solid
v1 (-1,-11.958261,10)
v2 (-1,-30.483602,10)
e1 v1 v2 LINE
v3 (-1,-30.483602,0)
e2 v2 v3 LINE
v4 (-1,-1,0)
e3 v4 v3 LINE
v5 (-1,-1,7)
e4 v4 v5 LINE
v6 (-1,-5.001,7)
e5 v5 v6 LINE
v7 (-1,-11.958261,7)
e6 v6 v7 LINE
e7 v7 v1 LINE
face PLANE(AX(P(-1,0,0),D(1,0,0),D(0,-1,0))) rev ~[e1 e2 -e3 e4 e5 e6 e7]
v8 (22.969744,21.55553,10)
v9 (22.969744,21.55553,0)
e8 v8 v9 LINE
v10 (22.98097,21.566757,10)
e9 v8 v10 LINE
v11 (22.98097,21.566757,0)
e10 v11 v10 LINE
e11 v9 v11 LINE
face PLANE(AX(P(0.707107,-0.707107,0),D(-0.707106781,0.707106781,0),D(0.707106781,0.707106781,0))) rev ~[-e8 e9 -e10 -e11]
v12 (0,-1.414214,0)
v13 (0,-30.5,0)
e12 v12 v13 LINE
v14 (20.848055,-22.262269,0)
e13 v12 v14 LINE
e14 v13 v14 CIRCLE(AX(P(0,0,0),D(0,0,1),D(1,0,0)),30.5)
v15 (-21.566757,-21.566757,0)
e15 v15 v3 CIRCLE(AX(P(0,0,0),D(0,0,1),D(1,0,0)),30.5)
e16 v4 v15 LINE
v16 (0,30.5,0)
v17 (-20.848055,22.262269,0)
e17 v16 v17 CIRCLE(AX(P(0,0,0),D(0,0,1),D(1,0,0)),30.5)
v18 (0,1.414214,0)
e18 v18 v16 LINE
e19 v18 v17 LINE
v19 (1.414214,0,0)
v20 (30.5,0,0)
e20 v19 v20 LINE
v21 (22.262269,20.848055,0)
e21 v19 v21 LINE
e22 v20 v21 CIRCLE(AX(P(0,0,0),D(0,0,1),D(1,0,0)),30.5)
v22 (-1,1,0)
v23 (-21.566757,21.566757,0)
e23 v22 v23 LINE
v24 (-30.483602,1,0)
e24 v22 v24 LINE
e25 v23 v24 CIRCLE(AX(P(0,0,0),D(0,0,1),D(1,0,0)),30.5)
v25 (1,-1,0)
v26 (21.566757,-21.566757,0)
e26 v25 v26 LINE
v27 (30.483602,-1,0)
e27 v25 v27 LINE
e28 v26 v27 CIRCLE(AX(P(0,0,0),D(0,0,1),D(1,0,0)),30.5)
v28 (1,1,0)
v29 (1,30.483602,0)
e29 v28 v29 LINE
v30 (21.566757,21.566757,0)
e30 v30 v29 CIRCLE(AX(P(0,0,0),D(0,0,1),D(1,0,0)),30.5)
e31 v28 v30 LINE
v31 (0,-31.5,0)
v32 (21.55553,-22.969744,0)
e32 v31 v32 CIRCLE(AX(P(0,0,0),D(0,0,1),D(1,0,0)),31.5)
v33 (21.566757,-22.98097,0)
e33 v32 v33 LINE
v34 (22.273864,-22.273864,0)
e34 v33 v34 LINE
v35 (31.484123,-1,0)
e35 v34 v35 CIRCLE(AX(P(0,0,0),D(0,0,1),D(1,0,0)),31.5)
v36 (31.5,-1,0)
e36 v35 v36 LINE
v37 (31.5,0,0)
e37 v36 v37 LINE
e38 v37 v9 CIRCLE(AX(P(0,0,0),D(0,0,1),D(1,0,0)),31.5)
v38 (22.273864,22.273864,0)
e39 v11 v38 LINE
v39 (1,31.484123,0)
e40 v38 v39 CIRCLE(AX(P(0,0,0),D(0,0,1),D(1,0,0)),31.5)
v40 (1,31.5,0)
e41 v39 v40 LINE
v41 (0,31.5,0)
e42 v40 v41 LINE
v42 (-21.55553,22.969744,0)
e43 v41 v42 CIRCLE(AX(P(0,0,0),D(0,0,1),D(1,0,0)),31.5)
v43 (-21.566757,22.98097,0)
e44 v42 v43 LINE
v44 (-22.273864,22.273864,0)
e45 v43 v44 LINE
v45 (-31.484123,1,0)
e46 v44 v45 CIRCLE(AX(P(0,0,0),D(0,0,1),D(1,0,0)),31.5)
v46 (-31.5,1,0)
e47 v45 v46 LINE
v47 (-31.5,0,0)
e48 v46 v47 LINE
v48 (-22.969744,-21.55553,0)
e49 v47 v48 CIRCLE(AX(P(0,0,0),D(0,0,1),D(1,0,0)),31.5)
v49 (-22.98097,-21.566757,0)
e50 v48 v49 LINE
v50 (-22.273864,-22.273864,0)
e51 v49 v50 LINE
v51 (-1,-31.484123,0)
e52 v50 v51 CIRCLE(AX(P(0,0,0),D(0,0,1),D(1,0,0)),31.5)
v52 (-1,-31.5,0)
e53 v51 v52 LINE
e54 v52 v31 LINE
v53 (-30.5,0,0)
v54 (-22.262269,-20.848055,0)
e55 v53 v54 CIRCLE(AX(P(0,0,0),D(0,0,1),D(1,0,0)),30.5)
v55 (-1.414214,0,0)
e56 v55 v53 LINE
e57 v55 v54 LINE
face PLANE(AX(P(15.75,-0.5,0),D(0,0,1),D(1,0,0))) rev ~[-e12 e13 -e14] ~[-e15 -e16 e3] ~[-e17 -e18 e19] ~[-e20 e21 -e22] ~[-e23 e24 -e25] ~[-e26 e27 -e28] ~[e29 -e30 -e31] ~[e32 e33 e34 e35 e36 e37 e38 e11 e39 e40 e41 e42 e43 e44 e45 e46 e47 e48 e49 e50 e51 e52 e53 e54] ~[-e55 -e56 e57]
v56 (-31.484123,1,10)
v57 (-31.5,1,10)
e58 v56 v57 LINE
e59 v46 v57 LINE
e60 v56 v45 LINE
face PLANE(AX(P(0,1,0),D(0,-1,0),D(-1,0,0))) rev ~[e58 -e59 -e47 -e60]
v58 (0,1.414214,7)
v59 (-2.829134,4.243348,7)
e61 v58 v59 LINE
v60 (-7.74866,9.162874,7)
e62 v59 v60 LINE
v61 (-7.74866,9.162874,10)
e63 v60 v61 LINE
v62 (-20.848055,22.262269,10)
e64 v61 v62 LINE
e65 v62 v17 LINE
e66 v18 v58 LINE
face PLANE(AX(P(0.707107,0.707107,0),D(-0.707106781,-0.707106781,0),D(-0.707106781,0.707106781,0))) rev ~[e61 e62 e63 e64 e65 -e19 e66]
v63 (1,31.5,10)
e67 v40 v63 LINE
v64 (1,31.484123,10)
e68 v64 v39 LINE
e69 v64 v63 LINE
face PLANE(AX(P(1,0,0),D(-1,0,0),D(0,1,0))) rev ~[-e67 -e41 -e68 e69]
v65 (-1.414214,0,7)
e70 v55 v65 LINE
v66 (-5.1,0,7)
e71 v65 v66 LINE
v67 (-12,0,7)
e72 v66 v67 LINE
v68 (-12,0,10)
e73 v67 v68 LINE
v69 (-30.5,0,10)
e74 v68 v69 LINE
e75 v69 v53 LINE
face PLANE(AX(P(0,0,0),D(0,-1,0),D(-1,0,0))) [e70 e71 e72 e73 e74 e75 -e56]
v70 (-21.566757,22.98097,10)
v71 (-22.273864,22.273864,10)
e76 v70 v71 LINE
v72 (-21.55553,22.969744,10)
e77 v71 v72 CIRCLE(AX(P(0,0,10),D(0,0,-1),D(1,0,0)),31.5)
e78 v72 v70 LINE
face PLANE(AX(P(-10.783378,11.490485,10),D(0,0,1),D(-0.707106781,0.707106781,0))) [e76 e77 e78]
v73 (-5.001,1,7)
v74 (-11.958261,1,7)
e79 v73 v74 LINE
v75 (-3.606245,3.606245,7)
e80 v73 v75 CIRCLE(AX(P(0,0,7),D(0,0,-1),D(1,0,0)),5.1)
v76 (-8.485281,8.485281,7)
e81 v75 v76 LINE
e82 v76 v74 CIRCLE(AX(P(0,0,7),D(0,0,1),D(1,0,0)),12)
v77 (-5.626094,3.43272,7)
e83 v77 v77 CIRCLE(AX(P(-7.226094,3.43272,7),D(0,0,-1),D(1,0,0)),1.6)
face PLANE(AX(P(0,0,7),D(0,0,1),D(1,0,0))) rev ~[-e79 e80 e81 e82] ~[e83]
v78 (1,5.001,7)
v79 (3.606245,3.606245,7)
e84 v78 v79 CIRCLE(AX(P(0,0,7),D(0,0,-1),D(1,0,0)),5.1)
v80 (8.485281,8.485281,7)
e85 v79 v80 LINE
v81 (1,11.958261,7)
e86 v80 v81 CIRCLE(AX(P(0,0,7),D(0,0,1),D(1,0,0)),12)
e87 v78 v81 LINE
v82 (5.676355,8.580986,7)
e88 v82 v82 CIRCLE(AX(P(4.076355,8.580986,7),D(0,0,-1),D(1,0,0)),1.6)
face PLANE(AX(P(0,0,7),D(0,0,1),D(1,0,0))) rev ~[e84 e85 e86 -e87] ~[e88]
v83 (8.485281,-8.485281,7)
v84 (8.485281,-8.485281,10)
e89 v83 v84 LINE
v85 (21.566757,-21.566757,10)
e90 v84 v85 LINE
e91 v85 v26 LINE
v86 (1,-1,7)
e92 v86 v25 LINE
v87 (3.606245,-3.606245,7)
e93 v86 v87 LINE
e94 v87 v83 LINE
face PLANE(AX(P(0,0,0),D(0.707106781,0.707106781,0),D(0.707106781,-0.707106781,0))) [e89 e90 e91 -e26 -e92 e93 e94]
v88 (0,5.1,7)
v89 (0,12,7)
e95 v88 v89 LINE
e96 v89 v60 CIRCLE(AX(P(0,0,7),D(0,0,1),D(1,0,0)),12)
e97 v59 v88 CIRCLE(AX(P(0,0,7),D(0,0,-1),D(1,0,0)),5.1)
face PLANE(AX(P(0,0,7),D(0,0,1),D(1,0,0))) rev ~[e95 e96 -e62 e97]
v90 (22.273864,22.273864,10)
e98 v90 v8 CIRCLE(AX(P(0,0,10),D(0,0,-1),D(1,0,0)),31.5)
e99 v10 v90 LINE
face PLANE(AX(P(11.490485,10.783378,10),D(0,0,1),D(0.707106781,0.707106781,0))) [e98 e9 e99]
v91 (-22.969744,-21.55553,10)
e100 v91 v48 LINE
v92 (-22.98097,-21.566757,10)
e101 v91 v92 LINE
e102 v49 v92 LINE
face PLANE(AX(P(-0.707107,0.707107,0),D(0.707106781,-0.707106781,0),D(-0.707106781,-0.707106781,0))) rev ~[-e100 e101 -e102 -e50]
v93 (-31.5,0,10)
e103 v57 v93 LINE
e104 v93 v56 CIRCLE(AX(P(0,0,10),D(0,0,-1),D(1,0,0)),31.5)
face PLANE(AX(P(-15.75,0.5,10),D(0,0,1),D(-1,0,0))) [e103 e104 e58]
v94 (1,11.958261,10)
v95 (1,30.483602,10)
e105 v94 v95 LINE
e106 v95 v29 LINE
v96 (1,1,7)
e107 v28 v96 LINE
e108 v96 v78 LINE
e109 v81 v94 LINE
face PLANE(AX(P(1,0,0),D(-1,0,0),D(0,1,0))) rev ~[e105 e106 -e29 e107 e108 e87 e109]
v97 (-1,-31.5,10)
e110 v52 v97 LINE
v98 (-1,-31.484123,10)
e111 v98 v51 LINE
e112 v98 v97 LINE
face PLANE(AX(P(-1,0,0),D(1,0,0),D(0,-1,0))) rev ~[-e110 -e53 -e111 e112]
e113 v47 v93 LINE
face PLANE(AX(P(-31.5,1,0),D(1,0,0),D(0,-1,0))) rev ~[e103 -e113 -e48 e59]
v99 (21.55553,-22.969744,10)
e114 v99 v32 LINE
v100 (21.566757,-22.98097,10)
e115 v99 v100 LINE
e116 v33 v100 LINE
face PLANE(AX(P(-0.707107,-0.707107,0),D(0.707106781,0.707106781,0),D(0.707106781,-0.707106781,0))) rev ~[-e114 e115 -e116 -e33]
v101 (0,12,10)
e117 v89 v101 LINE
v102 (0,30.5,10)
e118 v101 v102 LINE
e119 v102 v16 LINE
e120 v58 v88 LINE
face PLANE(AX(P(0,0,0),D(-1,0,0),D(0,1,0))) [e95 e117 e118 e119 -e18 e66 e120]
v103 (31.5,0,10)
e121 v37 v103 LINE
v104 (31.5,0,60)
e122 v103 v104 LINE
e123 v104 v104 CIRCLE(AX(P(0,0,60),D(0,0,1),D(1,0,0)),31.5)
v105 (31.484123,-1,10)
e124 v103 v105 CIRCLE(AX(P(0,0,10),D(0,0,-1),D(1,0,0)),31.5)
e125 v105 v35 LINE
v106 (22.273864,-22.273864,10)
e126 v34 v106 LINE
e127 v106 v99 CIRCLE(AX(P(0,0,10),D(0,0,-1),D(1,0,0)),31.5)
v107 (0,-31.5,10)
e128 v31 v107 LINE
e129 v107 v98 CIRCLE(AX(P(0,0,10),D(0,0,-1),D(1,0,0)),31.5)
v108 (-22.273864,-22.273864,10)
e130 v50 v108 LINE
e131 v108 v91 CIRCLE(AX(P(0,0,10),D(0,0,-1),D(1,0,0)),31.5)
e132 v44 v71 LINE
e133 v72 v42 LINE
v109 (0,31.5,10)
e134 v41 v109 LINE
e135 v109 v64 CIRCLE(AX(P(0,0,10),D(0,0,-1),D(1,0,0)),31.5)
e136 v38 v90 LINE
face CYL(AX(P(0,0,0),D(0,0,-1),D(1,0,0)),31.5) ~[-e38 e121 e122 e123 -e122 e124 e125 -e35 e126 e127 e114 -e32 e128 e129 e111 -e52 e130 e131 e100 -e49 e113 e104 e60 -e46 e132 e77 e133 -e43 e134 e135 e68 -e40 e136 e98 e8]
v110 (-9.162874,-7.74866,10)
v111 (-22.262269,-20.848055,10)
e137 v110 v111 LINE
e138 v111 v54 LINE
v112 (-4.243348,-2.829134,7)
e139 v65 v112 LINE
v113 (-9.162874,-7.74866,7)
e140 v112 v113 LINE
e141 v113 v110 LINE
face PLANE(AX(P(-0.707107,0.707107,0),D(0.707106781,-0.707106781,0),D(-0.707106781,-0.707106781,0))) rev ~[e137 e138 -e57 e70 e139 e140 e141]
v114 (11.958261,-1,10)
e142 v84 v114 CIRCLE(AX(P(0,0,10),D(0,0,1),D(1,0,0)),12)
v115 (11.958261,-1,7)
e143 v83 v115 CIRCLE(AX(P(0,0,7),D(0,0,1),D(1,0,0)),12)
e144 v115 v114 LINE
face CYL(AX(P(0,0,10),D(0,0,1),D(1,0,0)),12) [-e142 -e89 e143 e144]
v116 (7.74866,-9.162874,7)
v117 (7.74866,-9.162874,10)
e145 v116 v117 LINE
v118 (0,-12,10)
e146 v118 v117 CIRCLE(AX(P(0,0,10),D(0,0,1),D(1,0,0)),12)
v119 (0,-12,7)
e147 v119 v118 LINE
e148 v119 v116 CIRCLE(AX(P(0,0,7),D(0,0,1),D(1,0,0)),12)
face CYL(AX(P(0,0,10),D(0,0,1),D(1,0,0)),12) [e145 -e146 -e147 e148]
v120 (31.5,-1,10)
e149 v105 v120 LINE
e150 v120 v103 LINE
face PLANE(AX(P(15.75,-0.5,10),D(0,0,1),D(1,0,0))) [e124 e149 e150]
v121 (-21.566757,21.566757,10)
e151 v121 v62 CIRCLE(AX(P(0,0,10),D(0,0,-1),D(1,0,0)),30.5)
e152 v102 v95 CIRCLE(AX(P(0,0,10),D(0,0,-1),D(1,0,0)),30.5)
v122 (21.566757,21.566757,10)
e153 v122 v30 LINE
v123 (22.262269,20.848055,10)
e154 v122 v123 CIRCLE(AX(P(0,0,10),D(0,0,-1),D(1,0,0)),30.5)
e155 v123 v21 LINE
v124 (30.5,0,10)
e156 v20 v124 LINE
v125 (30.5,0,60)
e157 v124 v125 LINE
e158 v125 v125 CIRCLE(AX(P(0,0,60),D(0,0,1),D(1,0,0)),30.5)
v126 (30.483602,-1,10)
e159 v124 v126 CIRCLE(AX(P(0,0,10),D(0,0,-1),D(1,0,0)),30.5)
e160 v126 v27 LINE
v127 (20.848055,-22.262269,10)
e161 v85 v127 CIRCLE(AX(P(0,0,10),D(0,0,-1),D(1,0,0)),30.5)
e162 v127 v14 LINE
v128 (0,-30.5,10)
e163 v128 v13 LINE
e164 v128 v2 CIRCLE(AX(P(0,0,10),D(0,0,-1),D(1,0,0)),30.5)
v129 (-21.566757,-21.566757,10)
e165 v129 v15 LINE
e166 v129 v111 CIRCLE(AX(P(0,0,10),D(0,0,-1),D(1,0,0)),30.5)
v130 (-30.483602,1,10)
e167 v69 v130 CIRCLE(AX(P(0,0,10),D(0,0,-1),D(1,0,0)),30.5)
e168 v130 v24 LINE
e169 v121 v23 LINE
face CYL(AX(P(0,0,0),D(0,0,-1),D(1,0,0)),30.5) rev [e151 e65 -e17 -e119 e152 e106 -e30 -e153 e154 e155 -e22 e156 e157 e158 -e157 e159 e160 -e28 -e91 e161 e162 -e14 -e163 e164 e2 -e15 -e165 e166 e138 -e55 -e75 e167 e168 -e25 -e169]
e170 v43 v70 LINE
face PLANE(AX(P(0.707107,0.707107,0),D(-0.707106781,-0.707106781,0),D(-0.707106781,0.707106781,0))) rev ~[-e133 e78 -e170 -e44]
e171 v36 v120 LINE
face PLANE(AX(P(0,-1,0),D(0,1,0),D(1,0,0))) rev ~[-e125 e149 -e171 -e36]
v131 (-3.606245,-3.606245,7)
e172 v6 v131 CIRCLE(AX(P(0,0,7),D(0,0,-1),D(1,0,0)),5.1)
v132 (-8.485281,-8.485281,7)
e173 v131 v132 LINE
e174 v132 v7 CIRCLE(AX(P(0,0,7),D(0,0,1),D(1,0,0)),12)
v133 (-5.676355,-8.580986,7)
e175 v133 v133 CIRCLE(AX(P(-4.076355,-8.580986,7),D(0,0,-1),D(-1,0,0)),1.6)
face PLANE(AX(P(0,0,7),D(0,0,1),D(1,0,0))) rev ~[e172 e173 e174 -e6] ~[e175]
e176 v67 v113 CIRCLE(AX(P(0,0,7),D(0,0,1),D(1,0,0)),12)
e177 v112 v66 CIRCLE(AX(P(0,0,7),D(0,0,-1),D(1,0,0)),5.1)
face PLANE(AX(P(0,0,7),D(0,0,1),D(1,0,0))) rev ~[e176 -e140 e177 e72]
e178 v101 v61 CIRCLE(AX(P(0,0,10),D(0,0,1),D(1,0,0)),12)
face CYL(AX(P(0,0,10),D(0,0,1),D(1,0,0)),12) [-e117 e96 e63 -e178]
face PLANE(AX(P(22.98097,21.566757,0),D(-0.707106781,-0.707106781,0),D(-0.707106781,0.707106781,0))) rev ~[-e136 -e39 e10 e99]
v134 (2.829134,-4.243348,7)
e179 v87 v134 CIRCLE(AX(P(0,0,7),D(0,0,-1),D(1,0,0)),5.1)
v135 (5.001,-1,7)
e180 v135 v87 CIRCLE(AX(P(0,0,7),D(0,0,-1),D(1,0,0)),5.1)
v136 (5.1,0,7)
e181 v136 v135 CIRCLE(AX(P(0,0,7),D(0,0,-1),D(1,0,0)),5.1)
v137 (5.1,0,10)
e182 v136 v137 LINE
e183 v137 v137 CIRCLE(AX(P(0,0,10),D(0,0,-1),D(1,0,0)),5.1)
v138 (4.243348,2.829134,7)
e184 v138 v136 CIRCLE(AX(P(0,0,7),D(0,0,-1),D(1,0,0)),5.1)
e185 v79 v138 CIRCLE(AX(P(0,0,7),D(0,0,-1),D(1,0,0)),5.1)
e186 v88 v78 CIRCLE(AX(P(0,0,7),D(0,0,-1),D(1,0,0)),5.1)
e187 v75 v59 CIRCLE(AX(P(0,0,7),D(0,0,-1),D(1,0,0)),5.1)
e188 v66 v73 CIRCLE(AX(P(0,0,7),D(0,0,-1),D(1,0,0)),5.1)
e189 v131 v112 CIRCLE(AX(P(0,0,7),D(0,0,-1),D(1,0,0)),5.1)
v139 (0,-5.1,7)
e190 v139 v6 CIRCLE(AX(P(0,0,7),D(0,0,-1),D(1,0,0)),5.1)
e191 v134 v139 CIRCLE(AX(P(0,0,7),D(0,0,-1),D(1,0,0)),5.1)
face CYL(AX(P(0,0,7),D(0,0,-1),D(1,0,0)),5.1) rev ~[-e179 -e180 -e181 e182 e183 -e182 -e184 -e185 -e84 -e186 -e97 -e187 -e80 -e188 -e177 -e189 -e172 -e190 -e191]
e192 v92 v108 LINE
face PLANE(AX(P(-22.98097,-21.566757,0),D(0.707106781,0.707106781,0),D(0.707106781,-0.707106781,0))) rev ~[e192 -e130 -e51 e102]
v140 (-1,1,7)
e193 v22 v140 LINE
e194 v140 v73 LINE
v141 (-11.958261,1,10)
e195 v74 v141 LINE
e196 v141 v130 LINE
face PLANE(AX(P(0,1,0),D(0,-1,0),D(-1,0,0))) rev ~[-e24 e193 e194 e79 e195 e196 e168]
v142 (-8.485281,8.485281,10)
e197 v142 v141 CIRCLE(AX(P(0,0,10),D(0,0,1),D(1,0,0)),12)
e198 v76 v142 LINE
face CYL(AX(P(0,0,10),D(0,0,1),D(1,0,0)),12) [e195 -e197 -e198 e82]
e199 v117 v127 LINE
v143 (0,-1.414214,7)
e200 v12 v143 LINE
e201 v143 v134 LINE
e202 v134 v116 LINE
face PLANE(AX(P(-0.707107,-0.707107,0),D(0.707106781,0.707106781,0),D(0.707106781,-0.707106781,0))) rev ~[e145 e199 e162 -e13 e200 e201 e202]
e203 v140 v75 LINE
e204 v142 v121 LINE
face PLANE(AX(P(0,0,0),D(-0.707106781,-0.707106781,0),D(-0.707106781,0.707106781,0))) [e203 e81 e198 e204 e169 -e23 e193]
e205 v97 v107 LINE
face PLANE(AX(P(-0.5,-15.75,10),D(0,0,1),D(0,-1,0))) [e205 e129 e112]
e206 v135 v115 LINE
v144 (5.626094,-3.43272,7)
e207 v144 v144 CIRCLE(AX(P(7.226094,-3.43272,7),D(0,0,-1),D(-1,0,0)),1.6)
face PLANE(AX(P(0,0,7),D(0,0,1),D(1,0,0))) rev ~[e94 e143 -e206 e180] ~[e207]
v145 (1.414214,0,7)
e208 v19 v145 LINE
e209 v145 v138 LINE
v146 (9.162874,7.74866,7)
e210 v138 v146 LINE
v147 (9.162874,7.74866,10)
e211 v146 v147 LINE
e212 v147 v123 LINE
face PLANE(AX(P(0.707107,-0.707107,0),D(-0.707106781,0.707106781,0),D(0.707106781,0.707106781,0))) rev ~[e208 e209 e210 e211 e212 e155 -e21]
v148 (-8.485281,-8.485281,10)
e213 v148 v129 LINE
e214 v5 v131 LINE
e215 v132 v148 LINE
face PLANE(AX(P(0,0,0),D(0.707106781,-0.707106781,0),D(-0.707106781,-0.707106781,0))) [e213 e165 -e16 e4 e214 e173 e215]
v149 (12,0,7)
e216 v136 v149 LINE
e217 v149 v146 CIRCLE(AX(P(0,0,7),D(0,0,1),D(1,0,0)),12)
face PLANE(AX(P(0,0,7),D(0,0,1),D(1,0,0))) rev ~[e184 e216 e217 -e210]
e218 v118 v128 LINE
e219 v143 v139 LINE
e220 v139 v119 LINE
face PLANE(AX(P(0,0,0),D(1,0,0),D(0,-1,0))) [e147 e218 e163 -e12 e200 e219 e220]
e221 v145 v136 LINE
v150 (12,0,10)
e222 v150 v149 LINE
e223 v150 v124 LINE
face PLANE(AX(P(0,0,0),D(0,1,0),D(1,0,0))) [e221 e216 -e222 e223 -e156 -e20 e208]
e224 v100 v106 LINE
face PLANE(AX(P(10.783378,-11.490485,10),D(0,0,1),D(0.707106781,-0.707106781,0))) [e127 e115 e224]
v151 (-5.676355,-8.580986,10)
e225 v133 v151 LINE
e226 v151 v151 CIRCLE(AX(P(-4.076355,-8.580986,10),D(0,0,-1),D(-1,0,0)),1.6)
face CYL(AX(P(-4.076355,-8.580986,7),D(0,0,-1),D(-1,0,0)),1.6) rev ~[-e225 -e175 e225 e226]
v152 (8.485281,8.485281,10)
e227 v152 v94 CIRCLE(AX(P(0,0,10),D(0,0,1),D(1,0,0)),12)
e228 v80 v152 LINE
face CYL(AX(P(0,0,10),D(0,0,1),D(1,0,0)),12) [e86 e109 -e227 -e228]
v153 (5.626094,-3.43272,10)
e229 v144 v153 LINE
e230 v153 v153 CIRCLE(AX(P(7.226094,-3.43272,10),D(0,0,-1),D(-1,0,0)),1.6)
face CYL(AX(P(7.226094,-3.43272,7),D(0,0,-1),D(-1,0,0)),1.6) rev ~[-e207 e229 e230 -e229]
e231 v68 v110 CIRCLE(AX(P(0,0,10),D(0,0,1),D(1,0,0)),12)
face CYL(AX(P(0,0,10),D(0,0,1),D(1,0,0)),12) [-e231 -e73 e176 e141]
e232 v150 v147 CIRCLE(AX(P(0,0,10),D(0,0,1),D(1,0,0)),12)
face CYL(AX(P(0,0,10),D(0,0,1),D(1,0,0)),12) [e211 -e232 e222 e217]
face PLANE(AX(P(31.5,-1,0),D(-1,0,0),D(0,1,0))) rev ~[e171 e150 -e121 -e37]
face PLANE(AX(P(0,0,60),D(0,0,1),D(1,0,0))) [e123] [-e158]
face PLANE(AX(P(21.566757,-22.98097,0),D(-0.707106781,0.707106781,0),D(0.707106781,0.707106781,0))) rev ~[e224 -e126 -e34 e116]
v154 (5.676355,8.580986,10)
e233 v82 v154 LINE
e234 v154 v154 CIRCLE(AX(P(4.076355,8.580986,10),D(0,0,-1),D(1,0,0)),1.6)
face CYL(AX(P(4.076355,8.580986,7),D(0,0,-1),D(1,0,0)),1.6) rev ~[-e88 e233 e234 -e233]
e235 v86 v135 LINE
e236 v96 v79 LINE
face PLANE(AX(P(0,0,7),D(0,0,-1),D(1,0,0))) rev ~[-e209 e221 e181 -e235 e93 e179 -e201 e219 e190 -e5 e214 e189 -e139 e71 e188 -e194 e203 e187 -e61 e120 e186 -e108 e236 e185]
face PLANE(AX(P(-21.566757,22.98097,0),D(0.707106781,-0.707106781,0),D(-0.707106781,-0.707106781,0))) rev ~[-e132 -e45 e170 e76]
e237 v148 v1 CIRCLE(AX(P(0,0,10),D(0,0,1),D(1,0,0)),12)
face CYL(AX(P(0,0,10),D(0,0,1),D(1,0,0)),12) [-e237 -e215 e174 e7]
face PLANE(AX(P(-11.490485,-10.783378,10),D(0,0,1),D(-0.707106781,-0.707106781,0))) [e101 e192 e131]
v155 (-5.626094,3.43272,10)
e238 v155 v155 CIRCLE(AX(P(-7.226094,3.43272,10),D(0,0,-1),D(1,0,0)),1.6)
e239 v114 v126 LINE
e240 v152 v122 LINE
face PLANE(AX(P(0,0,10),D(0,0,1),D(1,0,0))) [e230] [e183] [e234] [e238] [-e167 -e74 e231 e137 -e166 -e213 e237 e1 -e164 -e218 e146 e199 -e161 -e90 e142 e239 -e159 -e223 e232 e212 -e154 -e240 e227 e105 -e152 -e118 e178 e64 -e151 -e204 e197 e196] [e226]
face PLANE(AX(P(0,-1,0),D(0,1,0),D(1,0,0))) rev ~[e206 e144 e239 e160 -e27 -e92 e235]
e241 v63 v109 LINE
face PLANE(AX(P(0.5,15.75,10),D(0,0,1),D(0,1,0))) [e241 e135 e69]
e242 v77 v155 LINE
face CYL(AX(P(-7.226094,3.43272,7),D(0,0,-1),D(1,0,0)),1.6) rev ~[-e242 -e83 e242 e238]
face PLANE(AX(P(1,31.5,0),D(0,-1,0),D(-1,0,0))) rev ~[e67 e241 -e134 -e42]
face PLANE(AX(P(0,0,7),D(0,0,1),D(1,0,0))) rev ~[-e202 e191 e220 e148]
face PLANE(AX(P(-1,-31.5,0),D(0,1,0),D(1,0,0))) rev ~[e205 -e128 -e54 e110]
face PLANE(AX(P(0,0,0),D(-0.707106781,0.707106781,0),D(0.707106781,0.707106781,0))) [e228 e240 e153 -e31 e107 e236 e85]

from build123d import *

# Parameters (mm, degrees)
SKETCH_1_R               = 31.5
SKETCH_1_R_2             = 30.5
EXTRUDE_1_DEPTH          = 60
SKETCH_2_W               = 31.5
SKETCH_2_H               = 1
EXTRUDE_1_2_DEPTH        = 10
PATTERN_CIRCULAR_1_COUNT = 8
SKETCH_3_R               = 12
EXTRUDE_2_DEPTH          = 3
SKETCH_4_R               = 1.6
SKETCH_4_R_2             = 5.1
CUT_EXTRUDE_1_DEPTH      = 5
PATTERN_CIRCULAR_3_COUNT = 2


with BuildPart() as part:
    # 草图1 → Extrude 1 (new body)
    with BuildSketch(Plane.XY):
        Circle(SKETCH_1_R)
        Circle(SKETCH_1_R_2, mode=Mode.SUBTRACT)
    extrude(amount=EXTRUDE_1_DEPTH)

    # 草图2 → Extrude 1 2 (add)
    with BuildSketch(Plane.XY):
        with Locations((15.75, -0.5)):
            Rectangle(SKETCH_2_W, SKETCH_2_H)
    extrude_1_2 = extrude(amount=EXTRUDE_1_2_DEPTH)

    # 阵列(圆周)1: Extrude 1 2 ×8 about axis
    pattern_circular_1_axis = Axis((0, 0, 0), (0, 0, 1))
    for i in range(1, PATTERN_CIRCULAR_1_COUNT):
        add(extrude_1_2.rotate(pattern_circular_1_axis, i * 360 / PATTERN_CIRCULAR_1_COUNT))

    # 草图3 → 凸台-拉伸2 (add)
    with BuildSketch(Plane.XY.offset(10)):
        Circle(SKETCH_3_R)
    extrude(amount=-EXTRUDE_2_DEPTH)

    # 草图4 → 切除-拉伸1 (cut)
    with BuildSketch(Plane(origin=(0, 0, 7), x_dir=(-1, 0, 0), z_dir=(0, 0, -1))):
        with Locations((-7.22609389, -3.432720072)):
            Circle(SKETCH_4_R)
        with Locations((4.076355085, -8.580986494)):
            Circle(SKETCH_4_R)
        with Locations(Location((0, 0, 0), (0, 0, 180))):
            Circle(SKETCH_4_R_2)
    cut_extrude_1 = extrude(amount=-CUT_EXTRUDE_1_DEPTH, mode=Mode.SUBTRACT)

    # 阵列(圆周)3: 切除-拉伸1 ×2 about axis
    pattern_circular_3_axis = Axis((0, 0, 0), (0, 0, 1))
    for i in range(1, PATTERN_CIRCULAR_3_COUNT):
        add(cut_extrude_1.rotate(pattern_circular_3_axis, i * 360 / PATTERN_CIRCULAR_3_COUNT), mode=Mode.SUBTRACT)


solid = part.part
